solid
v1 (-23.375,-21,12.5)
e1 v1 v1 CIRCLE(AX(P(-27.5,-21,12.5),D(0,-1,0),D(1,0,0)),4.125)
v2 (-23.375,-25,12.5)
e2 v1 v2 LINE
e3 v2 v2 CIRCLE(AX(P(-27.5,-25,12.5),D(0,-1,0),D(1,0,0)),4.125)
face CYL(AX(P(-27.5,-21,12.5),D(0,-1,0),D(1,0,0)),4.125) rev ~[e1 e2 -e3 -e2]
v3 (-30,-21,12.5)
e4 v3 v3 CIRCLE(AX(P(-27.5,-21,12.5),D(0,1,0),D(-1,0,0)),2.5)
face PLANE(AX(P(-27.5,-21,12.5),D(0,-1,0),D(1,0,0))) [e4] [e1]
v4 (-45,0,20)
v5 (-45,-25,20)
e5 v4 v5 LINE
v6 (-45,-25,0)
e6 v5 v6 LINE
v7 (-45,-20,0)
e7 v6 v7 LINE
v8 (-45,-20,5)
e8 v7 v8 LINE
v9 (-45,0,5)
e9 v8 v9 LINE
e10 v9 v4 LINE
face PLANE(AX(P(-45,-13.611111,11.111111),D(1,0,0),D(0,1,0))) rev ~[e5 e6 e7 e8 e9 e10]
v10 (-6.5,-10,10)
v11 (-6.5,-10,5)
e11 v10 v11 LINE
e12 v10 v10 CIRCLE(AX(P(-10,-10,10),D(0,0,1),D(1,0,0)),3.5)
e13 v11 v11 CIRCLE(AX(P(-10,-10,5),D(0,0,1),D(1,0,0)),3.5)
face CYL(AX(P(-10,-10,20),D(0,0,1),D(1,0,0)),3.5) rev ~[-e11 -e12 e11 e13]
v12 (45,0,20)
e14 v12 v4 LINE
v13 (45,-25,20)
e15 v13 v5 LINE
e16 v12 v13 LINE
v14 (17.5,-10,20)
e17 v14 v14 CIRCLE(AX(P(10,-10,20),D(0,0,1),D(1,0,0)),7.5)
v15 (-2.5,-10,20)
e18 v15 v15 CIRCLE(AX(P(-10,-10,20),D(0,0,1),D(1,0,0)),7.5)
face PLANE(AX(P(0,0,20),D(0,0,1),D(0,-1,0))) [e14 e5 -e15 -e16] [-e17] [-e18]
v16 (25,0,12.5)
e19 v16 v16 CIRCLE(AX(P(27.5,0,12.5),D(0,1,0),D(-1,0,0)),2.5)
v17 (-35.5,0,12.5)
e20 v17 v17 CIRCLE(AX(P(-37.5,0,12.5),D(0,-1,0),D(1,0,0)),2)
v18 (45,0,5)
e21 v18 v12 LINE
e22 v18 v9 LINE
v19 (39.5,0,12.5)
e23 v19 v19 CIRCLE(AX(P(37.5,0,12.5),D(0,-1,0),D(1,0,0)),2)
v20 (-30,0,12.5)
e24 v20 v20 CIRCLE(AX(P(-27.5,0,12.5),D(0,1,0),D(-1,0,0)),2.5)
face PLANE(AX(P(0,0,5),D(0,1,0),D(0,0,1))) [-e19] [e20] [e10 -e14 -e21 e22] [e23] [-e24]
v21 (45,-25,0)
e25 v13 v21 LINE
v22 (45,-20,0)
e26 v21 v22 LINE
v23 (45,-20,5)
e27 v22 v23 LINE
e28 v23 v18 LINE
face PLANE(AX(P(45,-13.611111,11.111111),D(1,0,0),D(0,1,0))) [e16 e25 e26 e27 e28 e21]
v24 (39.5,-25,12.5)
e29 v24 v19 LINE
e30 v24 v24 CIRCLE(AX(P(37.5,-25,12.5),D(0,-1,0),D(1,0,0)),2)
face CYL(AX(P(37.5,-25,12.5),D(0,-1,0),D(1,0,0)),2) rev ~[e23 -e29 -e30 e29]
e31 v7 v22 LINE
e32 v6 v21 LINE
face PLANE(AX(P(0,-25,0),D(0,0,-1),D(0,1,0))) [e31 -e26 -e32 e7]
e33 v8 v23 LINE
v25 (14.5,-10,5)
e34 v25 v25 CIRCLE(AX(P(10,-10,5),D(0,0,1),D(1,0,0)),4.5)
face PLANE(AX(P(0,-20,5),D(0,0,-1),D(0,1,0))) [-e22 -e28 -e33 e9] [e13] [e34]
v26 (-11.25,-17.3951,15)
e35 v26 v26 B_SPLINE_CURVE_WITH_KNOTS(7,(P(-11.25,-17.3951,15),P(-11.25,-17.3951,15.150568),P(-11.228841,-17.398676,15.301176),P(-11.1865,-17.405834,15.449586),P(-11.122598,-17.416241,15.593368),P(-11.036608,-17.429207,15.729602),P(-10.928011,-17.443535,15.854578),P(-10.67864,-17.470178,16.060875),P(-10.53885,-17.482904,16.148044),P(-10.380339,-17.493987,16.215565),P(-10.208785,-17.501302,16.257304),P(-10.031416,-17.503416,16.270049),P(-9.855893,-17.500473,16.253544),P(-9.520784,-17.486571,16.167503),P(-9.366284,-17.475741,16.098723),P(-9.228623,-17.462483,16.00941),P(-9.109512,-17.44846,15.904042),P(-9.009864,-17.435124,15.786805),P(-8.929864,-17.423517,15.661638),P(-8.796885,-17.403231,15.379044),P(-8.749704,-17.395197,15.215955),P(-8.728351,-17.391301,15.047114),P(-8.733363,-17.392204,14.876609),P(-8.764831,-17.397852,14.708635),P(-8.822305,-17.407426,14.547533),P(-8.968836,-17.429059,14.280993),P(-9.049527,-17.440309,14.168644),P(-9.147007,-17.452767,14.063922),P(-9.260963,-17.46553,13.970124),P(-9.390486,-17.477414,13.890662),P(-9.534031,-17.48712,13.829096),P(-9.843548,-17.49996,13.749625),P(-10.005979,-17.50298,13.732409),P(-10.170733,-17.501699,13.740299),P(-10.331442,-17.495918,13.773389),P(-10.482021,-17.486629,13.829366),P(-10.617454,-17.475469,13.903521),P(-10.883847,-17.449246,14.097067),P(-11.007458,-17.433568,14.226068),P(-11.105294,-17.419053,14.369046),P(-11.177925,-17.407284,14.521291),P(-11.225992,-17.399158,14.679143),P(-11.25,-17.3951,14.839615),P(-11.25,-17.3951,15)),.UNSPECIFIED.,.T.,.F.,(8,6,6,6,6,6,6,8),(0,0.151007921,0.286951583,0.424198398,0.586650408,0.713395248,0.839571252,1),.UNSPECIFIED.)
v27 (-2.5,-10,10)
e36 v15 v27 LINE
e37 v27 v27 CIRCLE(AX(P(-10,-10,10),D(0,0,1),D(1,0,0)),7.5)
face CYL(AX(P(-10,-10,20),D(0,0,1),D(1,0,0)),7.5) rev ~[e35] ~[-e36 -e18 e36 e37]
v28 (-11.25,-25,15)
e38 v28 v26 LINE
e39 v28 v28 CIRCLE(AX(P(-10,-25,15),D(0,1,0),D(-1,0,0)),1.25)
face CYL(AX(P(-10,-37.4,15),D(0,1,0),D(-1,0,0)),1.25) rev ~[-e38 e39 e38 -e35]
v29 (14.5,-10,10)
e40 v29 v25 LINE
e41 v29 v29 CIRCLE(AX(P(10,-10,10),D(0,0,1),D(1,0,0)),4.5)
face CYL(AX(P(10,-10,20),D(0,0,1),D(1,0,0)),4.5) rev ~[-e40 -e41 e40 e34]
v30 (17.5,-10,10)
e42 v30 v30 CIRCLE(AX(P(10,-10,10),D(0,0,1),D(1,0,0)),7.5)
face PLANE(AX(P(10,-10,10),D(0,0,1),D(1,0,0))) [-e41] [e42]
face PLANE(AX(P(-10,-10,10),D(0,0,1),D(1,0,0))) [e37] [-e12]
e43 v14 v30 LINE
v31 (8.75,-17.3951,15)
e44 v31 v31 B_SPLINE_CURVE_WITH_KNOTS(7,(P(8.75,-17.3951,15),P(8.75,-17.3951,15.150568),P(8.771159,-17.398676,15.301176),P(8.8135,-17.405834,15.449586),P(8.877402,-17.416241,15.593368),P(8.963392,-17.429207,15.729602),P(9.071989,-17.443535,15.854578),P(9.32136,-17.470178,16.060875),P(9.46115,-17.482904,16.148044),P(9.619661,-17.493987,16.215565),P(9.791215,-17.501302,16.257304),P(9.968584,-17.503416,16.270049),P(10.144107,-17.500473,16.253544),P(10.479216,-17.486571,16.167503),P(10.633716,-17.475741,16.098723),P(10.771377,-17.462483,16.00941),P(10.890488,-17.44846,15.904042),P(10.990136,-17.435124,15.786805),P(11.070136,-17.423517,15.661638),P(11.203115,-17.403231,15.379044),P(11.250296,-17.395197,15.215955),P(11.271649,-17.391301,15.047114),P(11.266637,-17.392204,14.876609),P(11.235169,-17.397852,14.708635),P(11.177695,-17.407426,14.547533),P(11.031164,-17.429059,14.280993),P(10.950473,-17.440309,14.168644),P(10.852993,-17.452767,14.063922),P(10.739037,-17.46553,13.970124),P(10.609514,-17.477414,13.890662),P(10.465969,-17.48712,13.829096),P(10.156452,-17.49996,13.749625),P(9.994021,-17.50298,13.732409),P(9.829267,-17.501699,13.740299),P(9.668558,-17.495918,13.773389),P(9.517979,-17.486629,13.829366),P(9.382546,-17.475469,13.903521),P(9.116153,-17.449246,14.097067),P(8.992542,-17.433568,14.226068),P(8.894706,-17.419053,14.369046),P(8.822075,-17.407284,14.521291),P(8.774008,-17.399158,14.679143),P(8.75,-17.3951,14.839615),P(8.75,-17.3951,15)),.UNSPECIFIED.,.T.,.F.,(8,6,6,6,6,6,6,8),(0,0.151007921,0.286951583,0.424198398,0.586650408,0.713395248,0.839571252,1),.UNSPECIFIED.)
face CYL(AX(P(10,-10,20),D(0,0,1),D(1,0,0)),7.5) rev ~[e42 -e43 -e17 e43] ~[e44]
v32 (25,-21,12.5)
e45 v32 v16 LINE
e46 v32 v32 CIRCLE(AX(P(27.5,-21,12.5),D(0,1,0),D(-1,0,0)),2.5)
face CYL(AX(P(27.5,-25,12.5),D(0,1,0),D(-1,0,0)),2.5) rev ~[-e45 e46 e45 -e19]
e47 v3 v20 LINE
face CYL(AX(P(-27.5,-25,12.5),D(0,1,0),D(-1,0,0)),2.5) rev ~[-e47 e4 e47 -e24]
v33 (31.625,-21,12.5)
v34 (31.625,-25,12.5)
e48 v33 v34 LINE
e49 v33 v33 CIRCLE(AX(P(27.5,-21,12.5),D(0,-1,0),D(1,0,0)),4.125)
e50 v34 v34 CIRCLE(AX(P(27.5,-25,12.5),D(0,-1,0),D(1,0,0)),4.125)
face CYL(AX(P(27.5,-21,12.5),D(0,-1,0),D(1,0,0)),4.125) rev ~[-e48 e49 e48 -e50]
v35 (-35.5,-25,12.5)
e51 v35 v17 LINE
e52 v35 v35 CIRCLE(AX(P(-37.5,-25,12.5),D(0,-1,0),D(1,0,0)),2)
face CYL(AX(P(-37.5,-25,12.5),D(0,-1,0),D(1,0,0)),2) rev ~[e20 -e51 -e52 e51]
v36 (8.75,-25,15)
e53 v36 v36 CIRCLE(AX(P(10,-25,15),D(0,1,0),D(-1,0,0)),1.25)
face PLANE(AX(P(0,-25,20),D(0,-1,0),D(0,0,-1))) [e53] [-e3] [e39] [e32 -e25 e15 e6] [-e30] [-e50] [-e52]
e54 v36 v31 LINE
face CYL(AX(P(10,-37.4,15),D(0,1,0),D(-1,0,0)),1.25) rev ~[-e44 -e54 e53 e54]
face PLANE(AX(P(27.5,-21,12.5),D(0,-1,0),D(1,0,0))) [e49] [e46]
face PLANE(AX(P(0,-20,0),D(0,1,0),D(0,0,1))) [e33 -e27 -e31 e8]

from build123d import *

# Parameters (mm, degrees)
F1_DEPTH       = 45
F2_R           = 2
F3_DEPTH       = 25.001
F4_D           = 5
F4_CBORE_D     = 8.25
F4_CBORE_DEPTH = 4
F5_R           = 3.5
F5_R_2         = 4.5
F6_DEPTH       = 20.001
F5_R_3         = 7.5
F7_DEPTH       = 10
F9_D           = 2.5
F9_DEPTH       = 12.4
F9_TIP         = 0.7510757738


with BuildPart() as f1:
    # F0 (on Right) → F1 (new body, symmetric)
    with BuildSketch(Plane.YZ):
        Polygon((-25, 20), (-25, 0), (-20, 0), (-20, 5), (0, 5), (0, 20), align=None)
    extrude(amount=F1_DEPTH, both=True)

    # F2 (on face) → F3 (cut, through all)
    with BuildSketch(Plane.XZ.offset(25)):
        with Locations((-37.5, 12.5)):
            Circle(F2_R)
        with Locations((37.5, 12.5)):
            Circle(F2_R)
    extrude(amount=-F3_DEPTH, mode=Mode.SUBTRACT)

    # F4 (through all)
    with Locations(Plane.XZ.offset(25)):
        with Locations((-27.5, 12.5), (27.5, 12.5)):
            CounterBoreHole(F4_D / 2, F4_CBORE_D / 2, F4_CBORE_DEPTH)

    # F5 (on face) → F6 (cut, through all)
    with BuildSketch(Plane.XY.offset(20)):
        with Locations((-10, -10)):
            Circle(F5_R)
        with Locations((10, -10)):
            Circle(F5_R_2)
    extrude(amount=-F6_DEPTH, mode=Mode.SUBTRACT)

    # F5 (on face) → F7 (cut)
    with BuildSketch(Plane.XY.offset(20)):
        with Locations((-10, -10)):
            Circle(F5_R_3)
        with Locations((-10, -10)):
            Circle(F5_R, mode=Mode.SUBTRACT)
        with Locations((10, -10)):
            Circle(F5_R_3)
        with Locations((10, -10)):
            Circle(F5_R_2, mode=Mode.SUBTRACT)
    extrude(amount=-F7_DEPTH, mode=Mode.SUBTRACT)

    # F9
    with Locations(Plane.XZ.offset(25)):
        with Locations((-10, 15), (10, 15)):
            Hole(F9_D / 2, depth=F9_DEPTH)
            with Locations((0, 0, -(F9_DEPTH + F9_TIP / 2))):  # 118° drill point
                Cone(0, F9_D / 2, F9_TIP, mode=Mode.SUBTRACT)


solid = f1.part
